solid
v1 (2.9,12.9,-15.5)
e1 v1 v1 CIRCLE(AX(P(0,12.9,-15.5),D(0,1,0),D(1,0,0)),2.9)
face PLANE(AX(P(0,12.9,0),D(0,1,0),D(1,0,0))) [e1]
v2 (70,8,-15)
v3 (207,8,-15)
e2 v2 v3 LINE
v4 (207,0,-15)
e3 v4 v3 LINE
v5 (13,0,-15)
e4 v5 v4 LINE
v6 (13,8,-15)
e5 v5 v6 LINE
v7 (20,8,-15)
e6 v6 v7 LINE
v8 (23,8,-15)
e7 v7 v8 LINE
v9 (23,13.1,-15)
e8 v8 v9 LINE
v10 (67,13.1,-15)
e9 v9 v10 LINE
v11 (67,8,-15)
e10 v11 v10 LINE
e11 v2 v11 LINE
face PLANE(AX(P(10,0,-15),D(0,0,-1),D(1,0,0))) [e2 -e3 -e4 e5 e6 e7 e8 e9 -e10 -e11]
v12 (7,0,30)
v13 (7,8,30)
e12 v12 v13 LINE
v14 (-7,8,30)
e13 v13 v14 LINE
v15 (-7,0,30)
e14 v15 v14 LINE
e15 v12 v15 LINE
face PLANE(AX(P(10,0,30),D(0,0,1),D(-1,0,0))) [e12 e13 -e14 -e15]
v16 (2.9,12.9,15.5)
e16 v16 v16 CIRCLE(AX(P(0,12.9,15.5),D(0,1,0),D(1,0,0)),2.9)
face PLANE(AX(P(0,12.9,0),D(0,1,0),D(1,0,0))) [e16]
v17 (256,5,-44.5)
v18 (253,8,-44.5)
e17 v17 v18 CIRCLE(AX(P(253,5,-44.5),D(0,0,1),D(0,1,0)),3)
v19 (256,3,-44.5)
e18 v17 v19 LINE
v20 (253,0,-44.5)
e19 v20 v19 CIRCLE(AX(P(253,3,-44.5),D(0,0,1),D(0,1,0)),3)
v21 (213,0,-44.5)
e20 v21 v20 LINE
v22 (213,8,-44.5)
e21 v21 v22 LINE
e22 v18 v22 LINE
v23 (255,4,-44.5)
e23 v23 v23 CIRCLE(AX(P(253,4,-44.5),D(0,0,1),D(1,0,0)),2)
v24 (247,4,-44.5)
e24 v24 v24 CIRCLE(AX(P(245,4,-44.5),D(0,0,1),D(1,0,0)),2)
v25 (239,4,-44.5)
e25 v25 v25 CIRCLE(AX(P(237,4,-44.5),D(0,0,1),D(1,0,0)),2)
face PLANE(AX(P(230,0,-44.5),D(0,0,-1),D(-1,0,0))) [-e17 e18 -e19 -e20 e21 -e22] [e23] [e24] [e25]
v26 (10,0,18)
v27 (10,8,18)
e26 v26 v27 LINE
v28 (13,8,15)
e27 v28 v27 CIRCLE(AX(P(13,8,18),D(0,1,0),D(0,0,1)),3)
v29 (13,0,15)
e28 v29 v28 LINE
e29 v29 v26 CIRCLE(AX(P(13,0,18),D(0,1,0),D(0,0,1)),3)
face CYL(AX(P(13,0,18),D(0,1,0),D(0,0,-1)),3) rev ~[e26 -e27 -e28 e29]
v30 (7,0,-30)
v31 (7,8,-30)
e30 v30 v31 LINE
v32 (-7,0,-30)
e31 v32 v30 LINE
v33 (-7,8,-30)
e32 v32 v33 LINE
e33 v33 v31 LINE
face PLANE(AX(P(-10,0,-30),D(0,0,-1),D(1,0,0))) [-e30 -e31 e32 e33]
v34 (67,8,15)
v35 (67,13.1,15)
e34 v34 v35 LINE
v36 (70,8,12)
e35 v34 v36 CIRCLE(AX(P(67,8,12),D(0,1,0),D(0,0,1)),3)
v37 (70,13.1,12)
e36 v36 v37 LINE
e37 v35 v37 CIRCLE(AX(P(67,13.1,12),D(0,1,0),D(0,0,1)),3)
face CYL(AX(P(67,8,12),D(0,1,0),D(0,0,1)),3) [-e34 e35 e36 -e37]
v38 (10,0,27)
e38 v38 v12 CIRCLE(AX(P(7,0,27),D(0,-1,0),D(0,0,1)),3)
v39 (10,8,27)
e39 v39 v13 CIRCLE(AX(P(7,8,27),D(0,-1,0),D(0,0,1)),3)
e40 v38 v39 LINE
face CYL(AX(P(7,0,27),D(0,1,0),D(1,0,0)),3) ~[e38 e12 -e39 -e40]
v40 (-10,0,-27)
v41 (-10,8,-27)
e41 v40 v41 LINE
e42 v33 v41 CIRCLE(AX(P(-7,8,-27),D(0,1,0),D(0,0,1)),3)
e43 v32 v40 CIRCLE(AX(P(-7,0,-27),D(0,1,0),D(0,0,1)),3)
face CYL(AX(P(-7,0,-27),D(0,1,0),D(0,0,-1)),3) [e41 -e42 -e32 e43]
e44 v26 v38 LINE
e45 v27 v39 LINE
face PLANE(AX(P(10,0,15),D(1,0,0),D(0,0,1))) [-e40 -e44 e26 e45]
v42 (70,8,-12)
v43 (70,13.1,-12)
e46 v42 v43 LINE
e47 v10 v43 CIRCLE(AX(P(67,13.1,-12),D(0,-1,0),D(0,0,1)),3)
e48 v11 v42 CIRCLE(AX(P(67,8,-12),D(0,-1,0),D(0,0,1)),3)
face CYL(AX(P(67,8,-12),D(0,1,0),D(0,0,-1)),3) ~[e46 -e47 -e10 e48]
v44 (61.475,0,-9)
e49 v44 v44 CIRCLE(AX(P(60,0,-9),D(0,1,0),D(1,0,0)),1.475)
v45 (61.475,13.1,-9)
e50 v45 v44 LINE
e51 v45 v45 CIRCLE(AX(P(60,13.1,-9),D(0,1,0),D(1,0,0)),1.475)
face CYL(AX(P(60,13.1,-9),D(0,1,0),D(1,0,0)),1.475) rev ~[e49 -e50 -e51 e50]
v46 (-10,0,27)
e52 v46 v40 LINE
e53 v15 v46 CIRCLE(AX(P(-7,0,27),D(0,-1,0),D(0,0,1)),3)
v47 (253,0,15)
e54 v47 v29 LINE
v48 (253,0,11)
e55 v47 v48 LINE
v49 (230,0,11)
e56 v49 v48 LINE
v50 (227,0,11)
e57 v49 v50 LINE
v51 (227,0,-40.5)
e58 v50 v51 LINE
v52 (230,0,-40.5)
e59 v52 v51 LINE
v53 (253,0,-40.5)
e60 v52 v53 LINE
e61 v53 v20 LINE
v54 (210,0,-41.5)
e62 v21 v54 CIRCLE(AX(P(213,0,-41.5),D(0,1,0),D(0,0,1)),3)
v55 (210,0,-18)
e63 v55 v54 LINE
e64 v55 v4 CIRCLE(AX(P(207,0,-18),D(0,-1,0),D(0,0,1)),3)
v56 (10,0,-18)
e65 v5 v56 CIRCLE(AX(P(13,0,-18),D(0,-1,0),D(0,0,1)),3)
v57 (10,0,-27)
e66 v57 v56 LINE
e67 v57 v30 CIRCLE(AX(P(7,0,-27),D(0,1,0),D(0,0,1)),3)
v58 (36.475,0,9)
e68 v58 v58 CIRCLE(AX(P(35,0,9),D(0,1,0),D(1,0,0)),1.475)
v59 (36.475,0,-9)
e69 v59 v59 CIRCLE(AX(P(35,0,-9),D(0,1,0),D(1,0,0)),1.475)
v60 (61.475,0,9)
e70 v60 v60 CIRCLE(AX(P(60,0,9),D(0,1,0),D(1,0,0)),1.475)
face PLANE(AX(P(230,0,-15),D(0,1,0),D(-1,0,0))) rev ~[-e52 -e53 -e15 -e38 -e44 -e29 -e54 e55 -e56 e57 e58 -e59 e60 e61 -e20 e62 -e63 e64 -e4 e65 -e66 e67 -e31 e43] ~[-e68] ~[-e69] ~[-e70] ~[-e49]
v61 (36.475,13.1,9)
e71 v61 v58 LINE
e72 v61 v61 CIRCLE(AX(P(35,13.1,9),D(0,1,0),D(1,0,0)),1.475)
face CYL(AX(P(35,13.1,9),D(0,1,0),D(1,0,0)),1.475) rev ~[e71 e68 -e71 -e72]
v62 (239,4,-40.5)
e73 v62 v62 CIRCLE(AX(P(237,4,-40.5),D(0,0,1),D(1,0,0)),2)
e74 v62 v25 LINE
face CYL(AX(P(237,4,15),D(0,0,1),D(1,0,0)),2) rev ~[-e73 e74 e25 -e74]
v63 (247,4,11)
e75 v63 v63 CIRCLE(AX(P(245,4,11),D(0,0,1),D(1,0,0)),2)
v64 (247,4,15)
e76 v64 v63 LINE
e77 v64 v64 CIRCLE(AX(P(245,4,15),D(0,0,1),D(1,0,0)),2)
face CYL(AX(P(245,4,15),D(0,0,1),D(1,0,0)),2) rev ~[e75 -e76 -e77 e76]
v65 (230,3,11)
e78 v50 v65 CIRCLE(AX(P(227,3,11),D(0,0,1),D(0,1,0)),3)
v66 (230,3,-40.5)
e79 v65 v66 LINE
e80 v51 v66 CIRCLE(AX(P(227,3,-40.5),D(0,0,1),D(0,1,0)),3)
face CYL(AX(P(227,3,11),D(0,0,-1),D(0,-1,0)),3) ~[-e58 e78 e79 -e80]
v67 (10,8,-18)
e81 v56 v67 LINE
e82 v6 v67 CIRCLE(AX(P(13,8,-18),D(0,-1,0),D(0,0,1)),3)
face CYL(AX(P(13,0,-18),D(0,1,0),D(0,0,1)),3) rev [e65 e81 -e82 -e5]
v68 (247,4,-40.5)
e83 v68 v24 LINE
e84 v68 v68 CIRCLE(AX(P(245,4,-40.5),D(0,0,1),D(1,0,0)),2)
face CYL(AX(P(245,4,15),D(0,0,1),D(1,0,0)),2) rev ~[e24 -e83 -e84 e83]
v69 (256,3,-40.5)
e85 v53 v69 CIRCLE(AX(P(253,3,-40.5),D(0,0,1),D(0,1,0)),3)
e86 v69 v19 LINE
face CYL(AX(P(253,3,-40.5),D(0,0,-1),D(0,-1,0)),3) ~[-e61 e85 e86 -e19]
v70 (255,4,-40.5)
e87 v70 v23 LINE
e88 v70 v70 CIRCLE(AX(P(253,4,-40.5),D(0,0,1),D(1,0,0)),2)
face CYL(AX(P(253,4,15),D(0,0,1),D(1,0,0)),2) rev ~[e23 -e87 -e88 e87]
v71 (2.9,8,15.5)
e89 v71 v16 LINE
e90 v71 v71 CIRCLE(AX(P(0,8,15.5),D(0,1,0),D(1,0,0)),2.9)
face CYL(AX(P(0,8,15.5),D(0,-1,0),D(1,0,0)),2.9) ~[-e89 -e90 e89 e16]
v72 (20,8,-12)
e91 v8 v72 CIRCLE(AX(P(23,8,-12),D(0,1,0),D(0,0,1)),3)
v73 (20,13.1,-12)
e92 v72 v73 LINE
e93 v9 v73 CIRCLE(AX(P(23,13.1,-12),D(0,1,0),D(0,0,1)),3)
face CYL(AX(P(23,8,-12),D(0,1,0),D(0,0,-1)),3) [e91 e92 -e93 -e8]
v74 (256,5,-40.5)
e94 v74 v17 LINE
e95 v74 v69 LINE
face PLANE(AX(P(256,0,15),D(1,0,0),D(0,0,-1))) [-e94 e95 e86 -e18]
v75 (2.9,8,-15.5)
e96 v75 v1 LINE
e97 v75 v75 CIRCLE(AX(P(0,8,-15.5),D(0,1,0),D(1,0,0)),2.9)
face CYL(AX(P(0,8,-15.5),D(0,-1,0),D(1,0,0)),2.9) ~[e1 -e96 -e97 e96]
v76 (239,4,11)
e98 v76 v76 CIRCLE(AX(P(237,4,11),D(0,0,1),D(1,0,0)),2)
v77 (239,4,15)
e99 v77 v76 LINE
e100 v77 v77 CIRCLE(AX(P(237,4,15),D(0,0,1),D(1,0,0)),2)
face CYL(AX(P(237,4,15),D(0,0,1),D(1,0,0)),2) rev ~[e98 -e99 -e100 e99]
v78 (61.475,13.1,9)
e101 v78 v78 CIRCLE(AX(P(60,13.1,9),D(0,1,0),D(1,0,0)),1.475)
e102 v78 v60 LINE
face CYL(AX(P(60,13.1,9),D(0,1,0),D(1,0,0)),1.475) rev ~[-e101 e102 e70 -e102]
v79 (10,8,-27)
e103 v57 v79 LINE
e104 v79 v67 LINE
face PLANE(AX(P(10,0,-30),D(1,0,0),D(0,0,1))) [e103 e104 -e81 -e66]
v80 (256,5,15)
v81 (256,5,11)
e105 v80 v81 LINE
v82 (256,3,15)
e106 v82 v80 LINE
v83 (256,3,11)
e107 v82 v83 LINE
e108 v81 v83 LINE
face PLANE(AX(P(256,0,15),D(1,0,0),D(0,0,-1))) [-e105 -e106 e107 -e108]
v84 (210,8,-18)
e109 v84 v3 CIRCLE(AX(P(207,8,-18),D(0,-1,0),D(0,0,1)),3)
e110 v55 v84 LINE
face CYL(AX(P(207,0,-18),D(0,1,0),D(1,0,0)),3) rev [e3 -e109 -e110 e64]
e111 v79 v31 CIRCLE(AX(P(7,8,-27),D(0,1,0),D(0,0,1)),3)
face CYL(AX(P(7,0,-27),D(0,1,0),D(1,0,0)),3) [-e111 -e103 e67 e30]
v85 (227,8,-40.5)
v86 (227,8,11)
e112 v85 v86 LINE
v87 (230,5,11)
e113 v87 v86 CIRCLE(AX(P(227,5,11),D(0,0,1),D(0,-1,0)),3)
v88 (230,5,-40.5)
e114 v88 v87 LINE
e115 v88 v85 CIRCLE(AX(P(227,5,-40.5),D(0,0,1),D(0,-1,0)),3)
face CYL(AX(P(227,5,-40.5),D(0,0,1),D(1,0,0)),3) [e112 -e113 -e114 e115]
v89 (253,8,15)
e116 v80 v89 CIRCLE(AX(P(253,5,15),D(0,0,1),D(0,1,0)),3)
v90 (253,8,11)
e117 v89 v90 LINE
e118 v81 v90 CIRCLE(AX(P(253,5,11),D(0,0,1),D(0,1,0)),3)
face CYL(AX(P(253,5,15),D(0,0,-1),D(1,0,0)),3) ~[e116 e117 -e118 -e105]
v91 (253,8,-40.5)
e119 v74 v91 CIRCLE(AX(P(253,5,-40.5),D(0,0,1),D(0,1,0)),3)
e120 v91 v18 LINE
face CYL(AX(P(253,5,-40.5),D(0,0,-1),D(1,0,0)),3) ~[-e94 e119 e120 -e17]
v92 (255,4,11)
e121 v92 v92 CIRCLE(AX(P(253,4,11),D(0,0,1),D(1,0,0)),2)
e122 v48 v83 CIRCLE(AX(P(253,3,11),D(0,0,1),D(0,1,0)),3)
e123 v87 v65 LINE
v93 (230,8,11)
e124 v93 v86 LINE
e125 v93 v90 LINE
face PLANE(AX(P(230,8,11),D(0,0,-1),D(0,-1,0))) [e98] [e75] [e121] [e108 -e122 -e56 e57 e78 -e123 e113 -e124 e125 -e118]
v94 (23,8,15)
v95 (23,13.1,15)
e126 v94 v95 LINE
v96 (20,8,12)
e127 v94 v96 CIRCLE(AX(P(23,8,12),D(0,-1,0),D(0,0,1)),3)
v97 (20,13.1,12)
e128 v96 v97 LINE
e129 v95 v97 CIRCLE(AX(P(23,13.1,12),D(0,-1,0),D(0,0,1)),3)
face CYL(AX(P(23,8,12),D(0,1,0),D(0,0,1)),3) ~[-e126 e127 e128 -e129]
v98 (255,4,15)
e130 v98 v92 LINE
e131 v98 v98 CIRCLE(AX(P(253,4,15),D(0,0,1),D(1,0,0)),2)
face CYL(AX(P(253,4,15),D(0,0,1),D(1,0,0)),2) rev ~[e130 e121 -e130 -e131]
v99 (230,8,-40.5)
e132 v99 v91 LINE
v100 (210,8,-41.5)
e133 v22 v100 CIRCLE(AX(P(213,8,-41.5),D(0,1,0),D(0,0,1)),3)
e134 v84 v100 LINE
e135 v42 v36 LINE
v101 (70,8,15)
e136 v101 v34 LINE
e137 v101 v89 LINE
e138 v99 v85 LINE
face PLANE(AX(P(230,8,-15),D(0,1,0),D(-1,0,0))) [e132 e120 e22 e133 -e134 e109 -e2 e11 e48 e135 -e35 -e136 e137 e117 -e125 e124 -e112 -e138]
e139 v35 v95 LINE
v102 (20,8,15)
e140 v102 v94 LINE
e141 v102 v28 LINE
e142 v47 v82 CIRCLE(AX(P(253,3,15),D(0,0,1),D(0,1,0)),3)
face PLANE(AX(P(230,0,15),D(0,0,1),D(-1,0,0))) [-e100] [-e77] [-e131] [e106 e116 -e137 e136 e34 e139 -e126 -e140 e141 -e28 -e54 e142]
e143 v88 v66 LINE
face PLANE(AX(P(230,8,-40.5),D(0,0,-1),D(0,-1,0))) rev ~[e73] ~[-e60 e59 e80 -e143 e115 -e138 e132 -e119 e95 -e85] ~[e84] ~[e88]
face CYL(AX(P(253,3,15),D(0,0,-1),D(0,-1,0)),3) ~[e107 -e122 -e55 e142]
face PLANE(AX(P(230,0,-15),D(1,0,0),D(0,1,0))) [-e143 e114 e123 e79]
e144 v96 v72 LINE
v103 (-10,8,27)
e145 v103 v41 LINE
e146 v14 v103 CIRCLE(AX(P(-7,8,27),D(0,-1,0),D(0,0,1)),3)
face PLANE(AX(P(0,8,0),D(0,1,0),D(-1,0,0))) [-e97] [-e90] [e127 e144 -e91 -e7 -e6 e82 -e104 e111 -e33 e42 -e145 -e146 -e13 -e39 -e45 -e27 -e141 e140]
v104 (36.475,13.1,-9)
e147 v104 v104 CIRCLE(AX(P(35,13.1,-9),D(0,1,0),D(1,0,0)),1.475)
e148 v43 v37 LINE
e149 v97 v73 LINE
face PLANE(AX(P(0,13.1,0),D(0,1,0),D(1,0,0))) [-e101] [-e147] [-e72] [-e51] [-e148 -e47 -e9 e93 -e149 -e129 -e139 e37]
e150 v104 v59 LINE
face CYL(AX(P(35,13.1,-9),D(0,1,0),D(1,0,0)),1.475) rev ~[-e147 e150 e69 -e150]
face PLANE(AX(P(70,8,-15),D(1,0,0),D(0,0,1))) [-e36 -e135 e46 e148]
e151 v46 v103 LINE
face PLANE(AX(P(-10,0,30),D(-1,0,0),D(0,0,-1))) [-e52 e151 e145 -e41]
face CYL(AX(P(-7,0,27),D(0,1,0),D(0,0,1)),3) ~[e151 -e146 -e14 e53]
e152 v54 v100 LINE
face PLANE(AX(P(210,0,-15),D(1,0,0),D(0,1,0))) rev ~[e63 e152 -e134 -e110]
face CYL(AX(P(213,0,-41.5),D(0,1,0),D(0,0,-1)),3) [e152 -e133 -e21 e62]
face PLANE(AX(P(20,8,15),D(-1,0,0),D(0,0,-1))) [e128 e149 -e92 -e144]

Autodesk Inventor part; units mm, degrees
ref_plane "YZ Plane" through (0, 0, 0) normal (1, 0, 0) x (0, 1, 0)
ref_plane "XZ Plane" through (0, 0, 0) normal (0, 1, 0) x (-1, 0, 0)
ref_plane "XY Plane" through (0, 0, 0) normal (0, 0, 1) x (1, 0, 0)
sketch "Sketch1" plane through (0, 0, 0) normal (0, 1, 0) x (-1, 0, 0)
  line L0 (10, 30) -> (10, -30)
  line L1 (10, -30) -> (-10, -30)
  line L2 (-10, -30) -> (-10, -15)
  line L3 (-10, -15) -> (-230, -15)
  line L4 (-230, -15) -> (-230, 15)
  line L5 (-230, 15) -> (-10, 15)
  line L6 (-10, 15) -> (-10, 30)
  line L7 (-10, 30) -> (10, 30)
  line L8 (58, 0) -> (-278, 0) construction
  point P0 (0, 0)
  dimension "d0" = 60
  dimension "d2" = 10
  dimension "d3" = 10
  dimension "d4" = 30
  dimension "d5" = 220
extrude "Extrusion1" add sketch "Sketch1" along normal blind 8
sketch "Sketch2" plane through (0, 8, 0) normal (0, 1, 0) x (1, 0, 0)
  circle A0 centre (0, -15.5) radius 2.9
  circle A1 centre (0, 15.5) radius 2.9
  line L0 (0, 42) -> (0, -42) construction
  line L1 (-58, 0) -> (278, 0) construction
  point P0 (0, 0)
  dimension "d8" = 5.8
  dimension "d9" = 31
extrude "Extrusion2" add sketch "Sketch2" along normal blind 4.9
sketch "Sketch3" plane through (0, 8, 0) normal (0, 1, 0) x (1, 0, 0)
  line L0 (230, 15) -> (10, 15) construction
  line L1 (10, -15) -> (230, -15) construction
  line L2 (20, 15) -> (70, 15)
  line L3 (70, 15) -> (70, -15)
  line L4 (70, -15) -> (20, -15)
  line L5 (20, -15) -> (20, 15)
  point P0 (0, 0)
  dimension "d12" = 10
  dimension "d13" = 50
extrude "Extrusion3" add sketch "Sketch3" along normal blind 5.1
sketch "Sketch4" plane through (0, 13.1, 0) normal (0, 1, 0) x (1, 0, 0)
  circle A0 centre (35, 9) radius 1.475
  circle A1 centre (60, 9) radius 1.475
  circle A2 centre (35, -9) radius 1.475
  circle A3 centre (60, -9) radius 1.475
  line L0 (-58, 0) -> (278, 0) construction
  line L1 (35, 9) -> (35, -9) construction
  line L2 (60, 9) -> (60, -9) construction
  line L3 (20, 15) -> (20, -15) construction
  point P0 (0, 0)
  dimension "d16" = 2.95
  dimension "d17" = 18
  dimension "d18" = 25
  dimension "d19" = 15
extrude "Extrusion4" cut sketch "Sketch4" against normal up to surface (13.1 mm away)
sketch "Sketch7" plane through (230, 0, -15) normal (0, 0, -1) x (-1, 0, 0)
  line L0 (0, 0) -> (0, 8) projected
  line L1 (0, 8) -> (160, 8) projected
  line L2 (0, 0) -> (220, 0) projected
  line L3 (20, 0) -> (20, 8)
  point P0 (230, 0)
  dimension "d37" = 20
extrude "Extrusion7" add sketch "Sketch7" along normal blind 29.5
sketch "Sketch8" plane through (230, 0, 15) normal (1, 0, 0) x (0, 0, -1)
  line L0 (0, 0) -> (0, 8) projected
  line L1 (59.5, 8) -> (59.5, 0) projected
  line L2 (0, 0) -> (59.5, 0) projected
  line L3 (0, 8) -> (59.5, 8) projected
  line L4 (4, 8) -> (4, 0)
  line L5 (55.5, 8) -> (55.5, 0)
  point P0 (15, 0)
  dimension "d40" = 4
  dimension "d41" = 4
extrude "Extrusion8" add sketch "Sketch8" along normal blind 26 contours L0 L3 L4 L2 | L5 L3 L1 L2
sketch "Sketch9" plane through (10, 0, 15) normal (0, 0, 1) x (1, 0, 0)
  line L0 (246, 8) -> (246, 0) construction
  line L1 (246, 4) -> (227, 4) construction
  circle A0 centre (227, 4) radius 2
  circle A1 centre (235, 4) radius 2
  circle A2 centre (243, 4) radius 2
  point P0 (-10, 0)
  dimension "d44" = 4
  dimension "d45" = 8
  dimension "d46" = 8
  dimension "d47" = 3
extrude "Extrusion9" cut sketch "Sketch9" against normal up to surface (59.5 mm away)
fillet "Fillet4" radius 3 2 edges at (210, 4, -15) (210, 4, -44.5)
fillet "Fillet5" radius 3 6 edges at (230, 0, -14.75) (230, 8, -14.75) (256, 0, 13) (256, 8, 13) (256, 0, -42.5) (256, 8, -42.5)
fillet "Fillet2" radius 3 4 edges at (20, 10.55, 15) (20, 10.55, -15) (70, 10.55, 15) (70, 10.55, -15)
fillet "Fillet3" radius 3 6 edges at (10, 4, 15) (10, 4, 30) (-10, 4, 30) (-10, 4, -30) (10, 4, -30) (10, 4, -15)
properties part number "Arm"
